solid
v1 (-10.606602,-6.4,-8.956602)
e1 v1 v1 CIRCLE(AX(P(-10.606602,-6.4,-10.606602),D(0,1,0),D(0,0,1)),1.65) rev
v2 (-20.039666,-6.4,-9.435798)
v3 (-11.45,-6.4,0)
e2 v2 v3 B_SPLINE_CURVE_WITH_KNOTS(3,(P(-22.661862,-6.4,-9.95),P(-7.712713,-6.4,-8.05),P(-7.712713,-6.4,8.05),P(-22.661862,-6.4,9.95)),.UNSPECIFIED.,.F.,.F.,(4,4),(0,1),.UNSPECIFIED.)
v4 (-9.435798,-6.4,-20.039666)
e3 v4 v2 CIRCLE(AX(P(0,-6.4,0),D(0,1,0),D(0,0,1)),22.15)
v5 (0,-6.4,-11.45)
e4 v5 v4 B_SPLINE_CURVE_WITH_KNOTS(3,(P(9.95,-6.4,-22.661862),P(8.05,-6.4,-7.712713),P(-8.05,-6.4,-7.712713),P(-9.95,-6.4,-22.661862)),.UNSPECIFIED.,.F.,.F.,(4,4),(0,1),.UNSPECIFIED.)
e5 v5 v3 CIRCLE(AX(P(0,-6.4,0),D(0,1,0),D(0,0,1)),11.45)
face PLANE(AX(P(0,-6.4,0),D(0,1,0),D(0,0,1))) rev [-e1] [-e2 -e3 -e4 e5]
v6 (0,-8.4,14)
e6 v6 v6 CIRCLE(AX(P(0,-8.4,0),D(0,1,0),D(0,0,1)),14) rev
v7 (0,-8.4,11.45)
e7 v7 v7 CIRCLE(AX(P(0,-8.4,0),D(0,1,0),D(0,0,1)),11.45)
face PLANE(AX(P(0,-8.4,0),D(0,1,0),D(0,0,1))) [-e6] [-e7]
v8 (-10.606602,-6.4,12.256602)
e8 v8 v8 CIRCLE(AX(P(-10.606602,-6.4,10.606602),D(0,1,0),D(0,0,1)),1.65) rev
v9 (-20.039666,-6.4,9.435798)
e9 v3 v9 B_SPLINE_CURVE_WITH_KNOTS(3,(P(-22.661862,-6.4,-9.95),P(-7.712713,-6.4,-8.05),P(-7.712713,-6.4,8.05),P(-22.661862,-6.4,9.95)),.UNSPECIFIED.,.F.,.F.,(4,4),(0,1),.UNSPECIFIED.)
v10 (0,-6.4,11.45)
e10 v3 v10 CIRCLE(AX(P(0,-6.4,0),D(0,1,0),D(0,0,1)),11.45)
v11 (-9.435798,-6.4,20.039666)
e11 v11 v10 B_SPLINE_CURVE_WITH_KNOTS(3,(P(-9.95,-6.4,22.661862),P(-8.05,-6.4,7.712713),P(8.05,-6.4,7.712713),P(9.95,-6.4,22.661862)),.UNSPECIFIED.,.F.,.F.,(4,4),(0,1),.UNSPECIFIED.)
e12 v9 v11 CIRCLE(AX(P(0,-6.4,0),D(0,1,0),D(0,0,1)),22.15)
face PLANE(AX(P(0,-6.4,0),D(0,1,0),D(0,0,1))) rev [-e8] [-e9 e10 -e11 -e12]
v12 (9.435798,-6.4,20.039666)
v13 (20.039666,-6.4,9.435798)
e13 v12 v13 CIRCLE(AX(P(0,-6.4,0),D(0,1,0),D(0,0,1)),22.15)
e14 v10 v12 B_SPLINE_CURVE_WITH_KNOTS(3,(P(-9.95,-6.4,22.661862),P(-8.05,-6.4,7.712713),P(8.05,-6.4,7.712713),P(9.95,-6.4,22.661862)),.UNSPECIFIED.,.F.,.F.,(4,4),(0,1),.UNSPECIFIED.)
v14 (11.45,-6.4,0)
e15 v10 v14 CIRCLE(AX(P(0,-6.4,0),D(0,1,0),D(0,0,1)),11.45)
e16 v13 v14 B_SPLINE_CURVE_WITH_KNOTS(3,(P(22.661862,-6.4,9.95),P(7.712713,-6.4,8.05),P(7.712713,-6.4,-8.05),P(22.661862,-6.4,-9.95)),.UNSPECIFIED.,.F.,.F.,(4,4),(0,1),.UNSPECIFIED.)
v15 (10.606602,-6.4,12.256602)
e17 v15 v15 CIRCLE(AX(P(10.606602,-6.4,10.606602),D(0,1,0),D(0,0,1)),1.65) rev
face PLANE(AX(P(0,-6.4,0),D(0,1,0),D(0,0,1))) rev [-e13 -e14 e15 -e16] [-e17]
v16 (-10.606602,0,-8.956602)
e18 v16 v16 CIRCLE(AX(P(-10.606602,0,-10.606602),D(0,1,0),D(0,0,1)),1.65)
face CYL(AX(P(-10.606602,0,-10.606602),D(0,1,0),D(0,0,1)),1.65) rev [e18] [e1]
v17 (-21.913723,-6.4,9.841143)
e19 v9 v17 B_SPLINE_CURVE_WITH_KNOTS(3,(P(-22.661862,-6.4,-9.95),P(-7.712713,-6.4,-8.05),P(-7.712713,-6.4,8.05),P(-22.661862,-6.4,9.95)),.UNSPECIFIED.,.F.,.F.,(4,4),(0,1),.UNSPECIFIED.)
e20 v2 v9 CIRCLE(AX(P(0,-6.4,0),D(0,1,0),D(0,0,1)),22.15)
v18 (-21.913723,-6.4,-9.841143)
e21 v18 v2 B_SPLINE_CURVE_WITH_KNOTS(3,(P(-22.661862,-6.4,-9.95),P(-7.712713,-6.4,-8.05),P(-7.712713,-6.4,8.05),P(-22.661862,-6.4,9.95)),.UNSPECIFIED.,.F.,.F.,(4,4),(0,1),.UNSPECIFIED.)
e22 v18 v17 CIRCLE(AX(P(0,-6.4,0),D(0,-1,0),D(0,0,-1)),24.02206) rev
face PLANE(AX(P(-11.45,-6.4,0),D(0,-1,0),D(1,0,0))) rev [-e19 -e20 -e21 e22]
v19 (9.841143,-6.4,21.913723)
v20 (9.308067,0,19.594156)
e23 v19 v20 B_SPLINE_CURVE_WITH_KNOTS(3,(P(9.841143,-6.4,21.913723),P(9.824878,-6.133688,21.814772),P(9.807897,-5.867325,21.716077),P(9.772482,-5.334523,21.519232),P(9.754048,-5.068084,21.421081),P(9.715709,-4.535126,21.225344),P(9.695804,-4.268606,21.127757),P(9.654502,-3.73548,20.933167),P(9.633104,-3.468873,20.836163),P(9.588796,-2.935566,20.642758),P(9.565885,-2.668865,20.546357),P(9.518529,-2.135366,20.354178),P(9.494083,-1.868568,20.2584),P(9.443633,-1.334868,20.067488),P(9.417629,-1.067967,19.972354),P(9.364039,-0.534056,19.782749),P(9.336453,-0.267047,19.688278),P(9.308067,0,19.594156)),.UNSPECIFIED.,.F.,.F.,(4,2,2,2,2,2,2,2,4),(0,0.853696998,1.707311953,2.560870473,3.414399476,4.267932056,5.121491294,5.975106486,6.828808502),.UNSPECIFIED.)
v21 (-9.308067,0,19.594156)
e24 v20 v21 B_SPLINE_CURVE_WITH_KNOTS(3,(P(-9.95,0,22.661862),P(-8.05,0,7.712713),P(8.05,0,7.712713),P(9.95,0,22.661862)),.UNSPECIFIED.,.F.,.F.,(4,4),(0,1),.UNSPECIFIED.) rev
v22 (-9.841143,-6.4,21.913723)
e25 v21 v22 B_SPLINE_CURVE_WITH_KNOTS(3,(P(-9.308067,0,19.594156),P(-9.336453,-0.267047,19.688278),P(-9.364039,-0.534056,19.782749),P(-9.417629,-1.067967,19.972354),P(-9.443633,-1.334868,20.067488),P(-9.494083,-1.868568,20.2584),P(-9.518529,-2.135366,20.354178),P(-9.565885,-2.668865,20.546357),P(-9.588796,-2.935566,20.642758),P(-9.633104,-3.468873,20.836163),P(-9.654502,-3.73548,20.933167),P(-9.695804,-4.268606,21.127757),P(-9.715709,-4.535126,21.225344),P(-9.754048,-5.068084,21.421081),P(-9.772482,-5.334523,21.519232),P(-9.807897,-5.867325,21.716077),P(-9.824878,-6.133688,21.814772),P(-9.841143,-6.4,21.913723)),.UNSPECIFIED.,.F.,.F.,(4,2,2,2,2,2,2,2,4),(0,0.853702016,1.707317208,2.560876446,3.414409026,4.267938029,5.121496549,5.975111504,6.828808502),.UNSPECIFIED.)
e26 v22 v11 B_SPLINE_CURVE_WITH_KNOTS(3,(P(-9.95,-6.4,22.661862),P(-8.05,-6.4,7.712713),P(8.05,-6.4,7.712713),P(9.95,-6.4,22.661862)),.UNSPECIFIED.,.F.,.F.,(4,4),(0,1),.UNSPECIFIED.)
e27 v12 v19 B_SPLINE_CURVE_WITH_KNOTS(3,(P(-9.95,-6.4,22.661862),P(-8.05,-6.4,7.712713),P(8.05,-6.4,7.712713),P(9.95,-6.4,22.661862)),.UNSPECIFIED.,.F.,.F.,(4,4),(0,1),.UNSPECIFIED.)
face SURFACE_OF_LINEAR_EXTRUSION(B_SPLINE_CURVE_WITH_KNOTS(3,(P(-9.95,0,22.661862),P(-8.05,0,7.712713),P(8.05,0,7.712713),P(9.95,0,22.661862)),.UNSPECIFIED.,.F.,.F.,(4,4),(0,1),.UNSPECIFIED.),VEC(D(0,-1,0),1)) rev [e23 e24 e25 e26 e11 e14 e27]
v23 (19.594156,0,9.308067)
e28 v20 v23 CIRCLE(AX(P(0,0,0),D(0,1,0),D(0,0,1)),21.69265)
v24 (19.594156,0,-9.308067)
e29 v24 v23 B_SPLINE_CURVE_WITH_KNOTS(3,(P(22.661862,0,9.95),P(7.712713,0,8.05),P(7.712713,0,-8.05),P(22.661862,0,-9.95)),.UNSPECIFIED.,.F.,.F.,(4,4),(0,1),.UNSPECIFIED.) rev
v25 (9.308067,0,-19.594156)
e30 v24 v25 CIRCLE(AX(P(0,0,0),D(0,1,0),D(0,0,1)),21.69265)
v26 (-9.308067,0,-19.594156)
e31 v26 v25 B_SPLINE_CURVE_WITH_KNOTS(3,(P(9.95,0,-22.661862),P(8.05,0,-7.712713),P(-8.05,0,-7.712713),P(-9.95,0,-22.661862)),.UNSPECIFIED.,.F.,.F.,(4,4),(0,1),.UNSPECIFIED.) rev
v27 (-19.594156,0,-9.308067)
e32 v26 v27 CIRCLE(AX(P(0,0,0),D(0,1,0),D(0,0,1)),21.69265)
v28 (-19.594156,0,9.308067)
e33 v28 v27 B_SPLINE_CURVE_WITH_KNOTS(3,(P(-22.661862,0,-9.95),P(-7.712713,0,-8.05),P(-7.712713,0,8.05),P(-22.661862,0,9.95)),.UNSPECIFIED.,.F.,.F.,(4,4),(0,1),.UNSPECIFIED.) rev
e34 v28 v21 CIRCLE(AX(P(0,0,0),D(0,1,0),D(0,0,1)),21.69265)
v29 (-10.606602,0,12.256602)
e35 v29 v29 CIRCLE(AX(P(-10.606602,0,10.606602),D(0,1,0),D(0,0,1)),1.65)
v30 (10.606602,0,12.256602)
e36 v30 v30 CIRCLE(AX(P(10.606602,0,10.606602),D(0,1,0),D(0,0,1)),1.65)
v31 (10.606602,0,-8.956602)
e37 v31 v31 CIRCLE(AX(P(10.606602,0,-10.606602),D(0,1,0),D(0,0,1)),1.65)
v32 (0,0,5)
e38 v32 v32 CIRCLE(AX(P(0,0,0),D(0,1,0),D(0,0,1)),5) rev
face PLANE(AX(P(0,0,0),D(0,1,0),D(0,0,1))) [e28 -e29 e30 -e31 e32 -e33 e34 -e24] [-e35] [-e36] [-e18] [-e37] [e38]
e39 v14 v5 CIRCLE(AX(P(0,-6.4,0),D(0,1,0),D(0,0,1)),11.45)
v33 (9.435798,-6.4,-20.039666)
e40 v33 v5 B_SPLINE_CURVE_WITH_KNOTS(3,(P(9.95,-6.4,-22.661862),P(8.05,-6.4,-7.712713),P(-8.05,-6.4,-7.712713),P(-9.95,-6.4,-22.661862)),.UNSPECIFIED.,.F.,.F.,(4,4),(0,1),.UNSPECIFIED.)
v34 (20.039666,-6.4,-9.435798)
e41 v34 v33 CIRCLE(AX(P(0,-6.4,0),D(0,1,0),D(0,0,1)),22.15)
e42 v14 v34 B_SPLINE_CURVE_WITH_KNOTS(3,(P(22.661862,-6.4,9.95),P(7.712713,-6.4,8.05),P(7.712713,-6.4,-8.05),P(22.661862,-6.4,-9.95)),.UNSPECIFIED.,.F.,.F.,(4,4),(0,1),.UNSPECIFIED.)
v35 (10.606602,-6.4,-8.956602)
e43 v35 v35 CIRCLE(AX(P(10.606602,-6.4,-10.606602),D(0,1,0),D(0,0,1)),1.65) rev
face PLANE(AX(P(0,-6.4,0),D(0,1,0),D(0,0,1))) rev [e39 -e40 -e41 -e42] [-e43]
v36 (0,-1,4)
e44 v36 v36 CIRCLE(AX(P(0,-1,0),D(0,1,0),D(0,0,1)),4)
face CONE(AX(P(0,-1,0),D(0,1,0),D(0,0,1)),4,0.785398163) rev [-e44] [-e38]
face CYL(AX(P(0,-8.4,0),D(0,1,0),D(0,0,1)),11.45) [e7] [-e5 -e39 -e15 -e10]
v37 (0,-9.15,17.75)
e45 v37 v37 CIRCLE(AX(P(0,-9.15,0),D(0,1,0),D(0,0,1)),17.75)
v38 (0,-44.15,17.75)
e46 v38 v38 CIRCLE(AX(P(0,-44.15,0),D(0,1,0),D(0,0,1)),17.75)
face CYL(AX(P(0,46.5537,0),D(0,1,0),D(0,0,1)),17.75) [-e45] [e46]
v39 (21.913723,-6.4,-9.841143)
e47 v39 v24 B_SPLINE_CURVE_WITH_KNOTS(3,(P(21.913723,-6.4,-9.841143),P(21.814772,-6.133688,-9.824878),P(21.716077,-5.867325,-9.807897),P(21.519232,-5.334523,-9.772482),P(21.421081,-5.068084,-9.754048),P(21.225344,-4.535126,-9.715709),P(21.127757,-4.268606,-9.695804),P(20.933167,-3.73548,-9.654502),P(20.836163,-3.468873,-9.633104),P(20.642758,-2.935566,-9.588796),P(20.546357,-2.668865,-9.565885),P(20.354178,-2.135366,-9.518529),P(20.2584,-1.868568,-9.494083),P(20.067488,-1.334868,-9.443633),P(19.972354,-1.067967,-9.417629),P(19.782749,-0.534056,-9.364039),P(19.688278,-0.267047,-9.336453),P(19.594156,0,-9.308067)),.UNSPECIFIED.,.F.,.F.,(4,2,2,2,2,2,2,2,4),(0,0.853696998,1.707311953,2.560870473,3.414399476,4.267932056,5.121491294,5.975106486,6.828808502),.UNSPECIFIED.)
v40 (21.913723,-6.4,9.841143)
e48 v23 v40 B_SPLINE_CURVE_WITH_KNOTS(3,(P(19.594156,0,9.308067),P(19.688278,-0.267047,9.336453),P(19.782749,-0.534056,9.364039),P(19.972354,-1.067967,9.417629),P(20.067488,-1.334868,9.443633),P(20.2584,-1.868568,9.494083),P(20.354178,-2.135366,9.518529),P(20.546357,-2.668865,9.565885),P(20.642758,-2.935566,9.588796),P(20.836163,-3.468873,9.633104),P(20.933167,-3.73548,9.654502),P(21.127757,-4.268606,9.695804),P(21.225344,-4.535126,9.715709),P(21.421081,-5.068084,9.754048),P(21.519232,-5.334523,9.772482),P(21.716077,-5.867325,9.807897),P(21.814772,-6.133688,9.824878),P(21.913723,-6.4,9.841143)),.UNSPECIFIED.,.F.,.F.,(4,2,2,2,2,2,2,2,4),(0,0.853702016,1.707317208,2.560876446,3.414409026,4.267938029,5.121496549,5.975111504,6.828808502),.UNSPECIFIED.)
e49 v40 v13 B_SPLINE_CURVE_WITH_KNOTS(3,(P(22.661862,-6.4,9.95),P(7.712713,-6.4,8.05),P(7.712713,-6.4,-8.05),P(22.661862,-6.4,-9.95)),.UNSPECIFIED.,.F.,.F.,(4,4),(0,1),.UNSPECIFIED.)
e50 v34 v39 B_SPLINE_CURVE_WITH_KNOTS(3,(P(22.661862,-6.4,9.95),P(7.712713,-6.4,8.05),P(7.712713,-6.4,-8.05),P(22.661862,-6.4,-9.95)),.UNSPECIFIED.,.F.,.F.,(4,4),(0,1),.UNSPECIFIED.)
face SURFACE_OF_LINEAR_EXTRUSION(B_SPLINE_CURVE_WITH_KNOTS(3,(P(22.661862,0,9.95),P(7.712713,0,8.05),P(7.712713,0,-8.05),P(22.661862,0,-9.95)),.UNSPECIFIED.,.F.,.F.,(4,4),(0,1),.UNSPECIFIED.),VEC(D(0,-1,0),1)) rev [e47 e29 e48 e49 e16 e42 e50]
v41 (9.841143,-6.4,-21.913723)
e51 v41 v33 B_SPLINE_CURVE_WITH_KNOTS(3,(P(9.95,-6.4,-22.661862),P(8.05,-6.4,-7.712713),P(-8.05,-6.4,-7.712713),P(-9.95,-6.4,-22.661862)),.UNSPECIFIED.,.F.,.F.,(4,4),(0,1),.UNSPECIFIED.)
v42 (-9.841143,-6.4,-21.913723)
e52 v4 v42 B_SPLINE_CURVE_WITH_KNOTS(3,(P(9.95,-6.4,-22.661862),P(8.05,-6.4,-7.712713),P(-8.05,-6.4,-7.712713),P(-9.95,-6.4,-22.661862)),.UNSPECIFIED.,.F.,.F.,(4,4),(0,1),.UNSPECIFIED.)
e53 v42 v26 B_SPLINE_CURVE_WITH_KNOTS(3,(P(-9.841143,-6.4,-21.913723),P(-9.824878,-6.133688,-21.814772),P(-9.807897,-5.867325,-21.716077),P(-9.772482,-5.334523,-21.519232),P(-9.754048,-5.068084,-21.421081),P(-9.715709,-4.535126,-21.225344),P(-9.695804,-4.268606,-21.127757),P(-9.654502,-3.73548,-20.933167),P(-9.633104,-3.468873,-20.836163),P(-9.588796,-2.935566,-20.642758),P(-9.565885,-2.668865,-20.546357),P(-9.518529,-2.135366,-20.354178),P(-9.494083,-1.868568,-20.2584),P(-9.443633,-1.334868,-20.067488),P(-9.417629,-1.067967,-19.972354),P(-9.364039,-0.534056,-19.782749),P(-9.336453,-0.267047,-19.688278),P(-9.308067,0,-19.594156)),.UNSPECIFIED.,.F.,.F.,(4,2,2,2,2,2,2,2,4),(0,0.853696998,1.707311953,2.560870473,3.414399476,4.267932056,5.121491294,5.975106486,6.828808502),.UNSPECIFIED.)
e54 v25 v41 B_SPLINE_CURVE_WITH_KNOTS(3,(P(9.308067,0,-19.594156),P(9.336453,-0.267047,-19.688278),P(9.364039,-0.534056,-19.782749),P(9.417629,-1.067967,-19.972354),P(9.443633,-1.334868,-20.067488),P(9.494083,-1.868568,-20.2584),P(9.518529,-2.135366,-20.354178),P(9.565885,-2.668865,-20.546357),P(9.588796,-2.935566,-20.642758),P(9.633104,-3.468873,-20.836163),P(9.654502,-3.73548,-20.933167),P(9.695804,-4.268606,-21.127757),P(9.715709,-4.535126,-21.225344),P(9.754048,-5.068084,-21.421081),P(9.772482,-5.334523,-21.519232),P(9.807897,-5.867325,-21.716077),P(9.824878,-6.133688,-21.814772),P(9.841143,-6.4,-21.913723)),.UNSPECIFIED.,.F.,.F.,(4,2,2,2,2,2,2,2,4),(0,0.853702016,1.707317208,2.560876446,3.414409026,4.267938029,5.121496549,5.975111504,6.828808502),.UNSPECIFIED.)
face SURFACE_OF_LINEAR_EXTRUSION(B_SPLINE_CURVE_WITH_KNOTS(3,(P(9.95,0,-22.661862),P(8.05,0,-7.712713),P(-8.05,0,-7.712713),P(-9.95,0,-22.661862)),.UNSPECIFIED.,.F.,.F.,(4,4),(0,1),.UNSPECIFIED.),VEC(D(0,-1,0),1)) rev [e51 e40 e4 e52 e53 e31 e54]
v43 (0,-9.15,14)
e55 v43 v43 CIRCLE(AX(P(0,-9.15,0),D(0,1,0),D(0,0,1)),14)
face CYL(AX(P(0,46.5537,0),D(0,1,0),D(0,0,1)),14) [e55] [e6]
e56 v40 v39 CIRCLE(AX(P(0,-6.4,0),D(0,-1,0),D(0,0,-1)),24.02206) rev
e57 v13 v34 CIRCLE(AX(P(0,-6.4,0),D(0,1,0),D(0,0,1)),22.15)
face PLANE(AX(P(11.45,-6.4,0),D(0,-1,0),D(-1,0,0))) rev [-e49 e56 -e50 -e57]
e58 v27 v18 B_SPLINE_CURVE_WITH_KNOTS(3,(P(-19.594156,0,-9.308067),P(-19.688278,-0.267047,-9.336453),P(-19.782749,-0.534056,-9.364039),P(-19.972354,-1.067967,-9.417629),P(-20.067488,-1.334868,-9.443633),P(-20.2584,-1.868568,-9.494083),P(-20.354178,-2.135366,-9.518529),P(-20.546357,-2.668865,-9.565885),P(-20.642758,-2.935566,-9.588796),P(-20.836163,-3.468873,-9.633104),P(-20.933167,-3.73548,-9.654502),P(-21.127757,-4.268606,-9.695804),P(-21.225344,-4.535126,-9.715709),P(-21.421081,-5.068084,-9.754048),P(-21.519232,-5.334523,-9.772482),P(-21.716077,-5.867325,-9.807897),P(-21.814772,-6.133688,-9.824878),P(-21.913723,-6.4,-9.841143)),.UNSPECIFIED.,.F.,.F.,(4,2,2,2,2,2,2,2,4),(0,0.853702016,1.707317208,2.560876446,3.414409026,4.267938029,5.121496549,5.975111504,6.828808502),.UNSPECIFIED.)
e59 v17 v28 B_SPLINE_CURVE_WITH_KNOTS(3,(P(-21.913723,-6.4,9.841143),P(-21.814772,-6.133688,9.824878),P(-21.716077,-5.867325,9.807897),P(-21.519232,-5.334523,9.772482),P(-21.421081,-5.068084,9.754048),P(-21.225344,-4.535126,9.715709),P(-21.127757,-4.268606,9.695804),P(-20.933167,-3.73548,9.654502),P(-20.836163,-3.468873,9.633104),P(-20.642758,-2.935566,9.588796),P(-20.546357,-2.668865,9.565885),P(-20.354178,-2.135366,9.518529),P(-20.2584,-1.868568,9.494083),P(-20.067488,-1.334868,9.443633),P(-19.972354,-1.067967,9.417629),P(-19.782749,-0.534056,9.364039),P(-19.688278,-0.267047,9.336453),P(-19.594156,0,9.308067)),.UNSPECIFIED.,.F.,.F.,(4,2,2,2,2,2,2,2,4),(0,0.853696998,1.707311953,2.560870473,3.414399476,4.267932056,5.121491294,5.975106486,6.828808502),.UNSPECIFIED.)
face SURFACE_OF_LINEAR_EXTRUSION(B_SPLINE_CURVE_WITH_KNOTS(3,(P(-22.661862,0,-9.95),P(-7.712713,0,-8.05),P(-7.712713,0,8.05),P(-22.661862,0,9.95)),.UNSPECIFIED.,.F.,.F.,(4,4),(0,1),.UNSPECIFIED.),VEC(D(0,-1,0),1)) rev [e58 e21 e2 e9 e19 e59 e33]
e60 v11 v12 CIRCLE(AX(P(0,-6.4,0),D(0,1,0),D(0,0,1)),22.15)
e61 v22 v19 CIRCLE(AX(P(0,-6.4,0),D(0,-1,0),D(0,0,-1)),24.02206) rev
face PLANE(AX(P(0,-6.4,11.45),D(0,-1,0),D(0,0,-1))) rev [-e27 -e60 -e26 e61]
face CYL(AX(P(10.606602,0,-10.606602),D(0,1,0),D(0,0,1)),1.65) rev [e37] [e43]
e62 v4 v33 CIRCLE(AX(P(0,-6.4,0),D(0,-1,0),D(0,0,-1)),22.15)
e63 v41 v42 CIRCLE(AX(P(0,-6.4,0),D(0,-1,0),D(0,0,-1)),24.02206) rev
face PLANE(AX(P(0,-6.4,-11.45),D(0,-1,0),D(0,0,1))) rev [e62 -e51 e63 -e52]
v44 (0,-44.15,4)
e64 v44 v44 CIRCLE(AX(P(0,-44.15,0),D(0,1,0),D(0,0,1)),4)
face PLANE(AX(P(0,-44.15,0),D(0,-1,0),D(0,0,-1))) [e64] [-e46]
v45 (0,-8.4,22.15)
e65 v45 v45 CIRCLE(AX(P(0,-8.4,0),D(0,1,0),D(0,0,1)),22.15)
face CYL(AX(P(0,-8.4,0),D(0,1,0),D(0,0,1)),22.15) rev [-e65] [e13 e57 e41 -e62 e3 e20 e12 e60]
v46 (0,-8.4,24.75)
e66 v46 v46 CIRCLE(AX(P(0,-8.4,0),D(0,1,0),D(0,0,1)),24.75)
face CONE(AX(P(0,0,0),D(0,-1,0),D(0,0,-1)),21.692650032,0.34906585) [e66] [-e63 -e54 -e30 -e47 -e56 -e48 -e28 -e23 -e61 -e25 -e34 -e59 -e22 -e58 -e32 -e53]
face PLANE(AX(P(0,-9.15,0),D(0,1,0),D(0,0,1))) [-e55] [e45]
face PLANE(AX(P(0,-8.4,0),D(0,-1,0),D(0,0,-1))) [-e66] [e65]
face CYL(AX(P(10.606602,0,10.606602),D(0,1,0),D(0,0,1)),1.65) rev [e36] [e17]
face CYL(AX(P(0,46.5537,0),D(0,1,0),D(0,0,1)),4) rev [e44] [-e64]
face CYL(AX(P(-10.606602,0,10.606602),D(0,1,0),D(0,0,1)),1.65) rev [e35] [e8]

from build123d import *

# Parameters (mm, degrees)
TAP_DRILL_FOR_M4X0_7_TAP1_D     = 3.3
TAP_DRILL_FOR_M4X0_7_TAP1_DEPTH = 8
TAP_DRILL_FOR_M4X0_7_TAP1_TIP   = 0.991420021
CHAMFER1_SIZE                   = 1
CUT_EXTRUDE3_DEPTH              = 52.479971834
CIRPATTERN2_COUNT               = 4
SKETCH9_R                       = 22.15
SKETCH9_R_2                     = 11.45
CUT_EXTRUDE5_DEPTH              = 2


with BuildPart() as part:
    # Sketch2 → Revolve1 (revolve)
    with BuildSketch(Plane.XY, mode=Mode.PRIVATE) as revolve1_sk:
        Polygon((4, -44.15), (4, 0), (21.692650032, 0), (24.75, -8.4), (14, -8.4), (14, -9.15), (17.75, -9.15), (17.75, -44.15), align=None)
    revolve(revolve1_sk.sketch.rotate(Axis((0, 46.5537, 0), (0, -1, 0)), 90), axis=Axis((0, 46.5537, 0), (0, -1, 0)))

    # Tap Drill for M4x0.7 Tap1
    with Locations(Plane(origin=(0, 0, 0), x_dir=(1, 0, 0), z_dir=(0, 1, 0))):
        with Locations((10.606601718, -10.606601718), (-10.606601718, -10.606601718), (-10.606601718, 10.606601718), (10.606601718, 10.606601718)):
            Hole(TAP_DRILL_FOR_M4X0_7_TAP1_D / 2, depth=TAP_DRILL_FOR_M4X0_7_TAP1_DEPTH)
            with Locations((0, 0, -(TAP_DRILL_FOR_M4X0_7_TAP1_DEPTH + TAP_DRILL_FOR_M4X0_7_TAP1_TIP / 2))):  # 118° drill point
                Cone(0, TAP_DRILL_FOR_M4X0_7_TAP1_D / 2, TAP_DRILL_FOR_M4X0_7_TAP1_TIP, mode=Mode.SUBTRACT)

    # Chamfer1
    chamfer1_edges = [part.edges().sort_by_distance(p)[0] for p in [
        (0, 0, -4),
    ]]
    chamfer(chamfer1_edges, length=CHAMFER1_SIZE)

    # Sketch8 → Cut-Extrude3 (cut, through all)
    with BuildSketch(Plane(origin=(0, -6.4, 0), x_dir=(-1, 0, 0), z_dir=(0, -1, 0))):
        with BuildLine():
            ThreePointArc((-9.95, -22.661862236), (0, -24.75), (9.95, -22.661862236))
            add(Edge.make_bspline(
                [(-9.95, -22.661862236), (-8.05, -7.712712588), (8.05, -7.712712588), (9.95, -22.661862236)],
                knots=[0, 0, 0, 0, 1, 1, 1, 1], degree=3))
        make_face()
    cut_extrude3 = extrude(amount=-CUT_EXTRUDE3_DEPTH, mode=Mode.SUBTRACT)

    # CirPattern2: Cut-Extrude3 ×4 about axis
    cirpattern2_axis = Axis((0, 46.5537, 0), (0, -1, 0))
    for i in range(1, CIRPATTERN2_COUNT):
        add(cut_extrude3.rotate(cirpattern2_axis, i * 360 / CIRPATTERN2_COUNT), mode=Mode.SUBTRACT)

    # Sketch9 → Cut-Extrude5 (cut)
    with BuildSketch(Plane(origin=(0, -6.4, 0), x_dir=(1, 0, 0), z_dir=(0, 1, 0))):
        with Locations(Location((0, 0, 0), (0, 0, 270))):
            Circle(SKETCH9_R)
        with Locations(Location((0, 0, 0), (0, 0, 270))):
            Circle(SKETCH9_R_2, mode=Mode.SUBTRACT)
    extrude(amount=-CUT_EXTRUDE5_DEPTH, mode=Mode.SUBTRACT)


solid = part.part
